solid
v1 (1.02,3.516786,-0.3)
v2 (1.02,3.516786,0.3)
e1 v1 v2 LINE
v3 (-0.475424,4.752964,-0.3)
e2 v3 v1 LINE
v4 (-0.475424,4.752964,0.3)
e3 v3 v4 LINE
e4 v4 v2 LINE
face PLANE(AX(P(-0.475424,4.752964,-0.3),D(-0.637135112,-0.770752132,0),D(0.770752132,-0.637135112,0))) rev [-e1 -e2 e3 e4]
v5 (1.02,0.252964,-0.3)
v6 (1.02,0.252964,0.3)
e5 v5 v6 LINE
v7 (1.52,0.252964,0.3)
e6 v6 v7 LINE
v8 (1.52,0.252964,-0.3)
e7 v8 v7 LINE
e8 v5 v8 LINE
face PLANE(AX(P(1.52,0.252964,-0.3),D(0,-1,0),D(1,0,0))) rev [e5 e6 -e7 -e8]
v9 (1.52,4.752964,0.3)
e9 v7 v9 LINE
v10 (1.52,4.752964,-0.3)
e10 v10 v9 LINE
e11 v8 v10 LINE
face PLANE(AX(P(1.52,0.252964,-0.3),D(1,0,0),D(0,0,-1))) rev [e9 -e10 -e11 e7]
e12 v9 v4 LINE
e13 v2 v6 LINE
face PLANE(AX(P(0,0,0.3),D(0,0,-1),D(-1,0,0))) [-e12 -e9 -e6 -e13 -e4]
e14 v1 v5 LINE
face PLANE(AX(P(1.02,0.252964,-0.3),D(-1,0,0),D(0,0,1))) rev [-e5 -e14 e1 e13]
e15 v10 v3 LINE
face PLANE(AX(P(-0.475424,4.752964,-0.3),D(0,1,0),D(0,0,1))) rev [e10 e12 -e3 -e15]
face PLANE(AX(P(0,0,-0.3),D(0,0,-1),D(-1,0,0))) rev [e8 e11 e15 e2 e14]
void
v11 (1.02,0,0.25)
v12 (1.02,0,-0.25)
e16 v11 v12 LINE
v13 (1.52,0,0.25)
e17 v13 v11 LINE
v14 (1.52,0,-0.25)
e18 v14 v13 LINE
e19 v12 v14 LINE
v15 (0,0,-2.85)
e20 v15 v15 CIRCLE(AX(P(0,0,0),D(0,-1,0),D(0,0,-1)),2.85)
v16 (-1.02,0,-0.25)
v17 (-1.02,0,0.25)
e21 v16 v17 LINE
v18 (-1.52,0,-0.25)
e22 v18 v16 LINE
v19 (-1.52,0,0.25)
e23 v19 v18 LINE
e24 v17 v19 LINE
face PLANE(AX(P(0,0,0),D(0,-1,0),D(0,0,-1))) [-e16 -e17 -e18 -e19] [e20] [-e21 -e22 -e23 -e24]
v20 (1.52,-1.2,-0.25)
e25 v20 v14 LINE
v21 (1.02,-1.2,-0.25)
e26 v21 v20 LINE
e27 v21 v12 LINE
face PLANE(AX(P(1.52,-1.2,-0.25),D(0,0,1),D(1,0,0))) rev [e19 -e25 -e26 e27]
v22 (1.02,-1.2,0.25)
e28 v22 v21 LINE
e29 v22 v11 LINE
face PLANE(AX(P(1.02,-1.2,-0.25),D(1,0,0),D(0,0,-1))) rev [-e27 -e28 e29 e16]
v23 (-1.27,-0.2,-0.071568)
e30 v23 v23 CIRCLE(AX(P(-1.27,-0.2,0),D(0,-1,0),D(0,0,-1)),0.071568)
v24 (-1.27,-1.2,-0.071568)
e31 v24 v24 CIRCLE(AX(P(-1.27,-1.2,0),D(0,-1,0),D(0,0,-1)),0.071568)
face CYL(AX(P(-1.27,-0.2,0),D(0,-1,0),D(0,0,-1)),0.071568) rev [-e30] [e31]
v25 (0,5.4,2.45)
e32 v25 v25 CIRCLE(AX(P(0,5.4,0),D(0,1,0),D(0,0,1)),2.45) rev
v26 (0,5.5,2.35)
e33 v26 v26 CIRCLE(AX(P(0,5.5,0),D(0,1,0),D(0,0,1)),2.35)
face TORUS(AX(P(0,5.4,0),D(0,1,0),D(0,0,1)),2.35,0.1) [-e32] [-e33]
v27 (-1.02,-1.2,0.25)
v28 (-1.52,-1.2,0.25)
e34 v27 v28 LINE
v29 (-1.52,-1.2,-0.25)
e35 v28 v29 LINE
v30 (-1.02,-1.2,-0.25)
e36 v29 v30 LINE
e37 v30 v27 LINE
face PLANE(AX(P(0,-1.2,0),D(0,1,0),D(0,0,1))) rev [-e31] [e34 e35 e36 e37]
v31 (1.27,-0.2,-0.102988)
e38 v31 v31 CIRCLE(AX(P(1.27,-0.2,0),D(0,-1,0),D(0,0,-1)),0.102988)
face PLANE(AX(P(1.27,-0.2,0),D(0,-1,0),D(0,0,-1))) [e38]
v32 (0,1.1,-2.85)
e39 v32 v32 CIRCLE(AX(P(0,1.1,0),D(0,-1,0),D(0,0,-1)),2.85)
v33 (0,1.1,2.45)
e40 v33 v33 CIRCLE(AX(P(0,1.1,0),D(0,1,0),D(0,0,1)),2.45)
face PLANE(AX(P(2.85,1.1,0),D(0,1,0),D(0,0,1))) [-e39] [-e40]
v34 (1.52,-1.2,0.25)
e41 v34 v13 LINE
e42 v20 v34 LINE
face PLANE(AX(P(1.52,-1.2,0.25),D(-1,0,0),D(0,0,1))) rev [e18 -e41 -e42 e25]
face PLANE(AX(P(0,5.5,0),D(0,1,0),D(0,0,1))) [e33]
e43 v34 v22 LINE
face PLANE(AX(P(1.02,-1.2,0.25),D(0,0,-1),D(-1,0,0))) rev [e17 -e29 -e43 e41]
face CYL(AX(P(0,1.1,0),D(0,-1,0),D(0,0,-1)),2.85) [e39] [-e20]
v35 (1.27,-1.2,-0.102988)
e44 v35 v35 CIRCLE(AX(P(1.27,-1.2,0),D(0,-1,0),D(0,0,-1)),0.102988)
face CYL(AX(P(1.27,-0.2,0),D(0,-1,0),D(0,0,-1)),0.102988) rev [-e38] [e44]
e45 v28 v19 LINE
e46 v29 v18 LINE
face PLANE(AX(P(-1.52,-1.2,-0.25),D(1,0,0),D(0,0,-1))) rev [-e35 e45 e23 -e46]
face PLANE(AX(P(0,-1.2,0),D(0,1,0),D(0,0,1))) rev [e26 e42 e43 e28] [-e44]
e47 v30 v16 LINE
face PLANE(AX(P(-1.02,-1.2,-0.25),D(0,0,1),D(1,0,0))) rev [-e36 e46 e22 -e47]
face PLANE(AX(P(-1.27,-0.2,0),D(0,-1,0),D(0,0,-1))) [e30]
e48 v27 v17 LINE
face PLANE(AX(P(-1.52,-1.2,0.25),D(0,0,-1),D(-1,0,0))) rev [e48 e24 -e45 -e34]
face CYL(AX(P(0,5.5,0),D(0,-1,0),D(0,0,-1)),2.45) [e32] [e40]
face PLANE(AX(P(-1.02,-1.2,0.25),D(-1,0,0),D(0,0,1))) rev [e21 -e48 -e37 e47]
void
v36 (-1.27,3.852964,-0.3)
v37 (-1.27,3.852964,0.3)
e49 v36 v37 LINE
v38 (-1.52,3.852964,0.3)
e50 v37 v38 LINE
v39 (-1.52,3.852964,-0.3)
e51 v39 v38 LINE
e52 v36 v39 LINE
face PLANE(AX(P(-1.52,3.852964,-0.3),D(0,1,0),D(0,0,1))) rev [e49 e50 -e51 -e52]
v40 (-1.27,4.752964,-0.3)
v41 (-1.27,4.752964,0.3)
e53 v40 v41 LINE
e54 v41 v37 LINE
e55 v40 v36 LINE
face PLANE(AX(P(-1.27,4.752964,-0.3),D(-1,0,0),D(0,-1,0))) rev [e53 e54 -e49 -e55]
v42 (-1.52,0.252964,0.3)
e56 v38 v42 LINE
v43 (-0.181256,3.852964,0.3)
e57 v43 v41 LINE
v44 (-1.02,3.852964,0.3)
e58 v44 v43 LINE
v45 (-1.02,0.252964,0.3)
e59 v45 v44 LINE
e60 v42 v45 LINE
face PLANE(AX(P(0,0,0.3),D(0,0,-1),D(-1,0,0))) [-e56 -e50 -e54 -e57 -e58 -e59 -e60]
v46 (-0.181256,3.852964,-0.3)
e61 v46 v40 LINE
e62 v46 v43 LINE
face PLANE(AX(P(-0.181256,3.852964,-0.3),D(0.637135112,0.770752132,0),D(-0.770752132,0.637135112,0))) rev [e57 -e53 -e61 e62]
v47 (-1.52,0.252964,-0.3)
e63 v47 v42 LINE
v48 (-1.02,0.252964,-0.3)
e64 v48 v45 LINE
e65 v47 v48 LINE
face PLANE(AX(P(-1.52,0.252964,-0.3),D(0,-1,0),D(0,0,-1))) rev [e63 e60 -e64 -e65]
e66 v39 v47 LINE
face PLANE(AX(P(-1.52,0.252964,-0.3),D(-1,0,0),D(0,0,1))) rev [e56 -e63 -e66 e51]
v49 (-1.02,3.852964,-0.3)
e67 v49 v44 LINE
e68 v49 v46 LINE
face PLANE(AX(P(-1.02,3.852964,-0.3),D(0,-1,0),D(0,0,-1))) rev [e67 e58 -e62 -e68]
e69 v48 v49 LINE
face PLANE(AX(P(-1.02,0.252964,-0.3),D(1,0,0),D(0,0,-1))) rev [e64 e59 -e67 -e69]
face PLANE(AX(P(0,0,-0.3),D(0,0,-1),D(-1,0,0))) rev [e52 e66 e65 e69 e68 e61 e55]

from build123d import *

# Parameters (mm, degrees)
SKETCH_1_W          = 2.85
SKETCH_1_H          = 1.1
SKETCH_2_W          = 0.5
SKETCH_2_H          = 0.5
EXTRUDE_1_DEPTH     = 1.2
SKETCH_3_W          = 0.5
SKETCH_3_H          = 0.5
EXTRUDE_2_DEPTH     = 1.2
SKETCH_4_R          = 2.45
EXTRUDE_3_DEPTH     = 4.4
FILLET_1_R          = 0.1
CUT_EXTRUDE_1_DEPTH = 0.3
SKETCH_7_R          = 0.071568043
SKETCH_7_R_2        = 0.102987613
CUT_EXTRUDE_2_DEPTH = 1


with BuildPart() as part:
    # 草图1 → 旋转1 (revolve)
    with BuildSketch(Plane.XY, mode=Mode.PRIVATE) as revolve_1_sk:
        with Locations((1.425, 0.55)):
            Rectangle(SKETCH_1_W, SKETCH_1_H)
    revolve(revolve_1_sk.sketch.rotate(Axis((0, 1.1, 0), (0, -1, 0)), 270), axis=Axis((0, 1.1, 0), (0, -1, 0)))

    # 草图2 → 凸台-拉伸1 (add)
    with BuildSketch(Plane.XZ):
        with Locations((1.27, 0)):
            Rectangle(SKETCH_2_W, SKETCH_2_H)
    extrude(amount=EXTRUDE_1_DEPTH)

    # 草图3 → 凸台-拉伸2 (add)
    with BuildSketch(Plane.XZ):
        with Locations((-1.27, 0)):
            Rectangle(SKETCH_3_W, SKETCH_3_H)
    extrude(amount=EXTRUDE_2_DEPTH)

    # 草图4 → 凸台-拉伸3 (add)
    with BuildSketch(Plane(origin=(0, 1.1, 0), x_dir=(-1, 0, 0), z_dir=(0, 1, 0))):
        with Locations(Location((0, 0, 0), (0, 0, 90))):
            Circle(SKETCH_4_R)
    extrude(amount=EXTRUDE_3_DEPTH)

    # 圆角1
    fillet_1_edges = [part.edges().sort_by_distance(p)[0] for p in [
        (0, 5.5, -2.45),
    ]]
    fillet(fillet_1_edges, radius=FILLET_1_R)

    # 草图6 → 切除-拉伸1 (cut, symmetric)
    with BuildSketch(Plane.XY):
        Polygon((-1.02, 3.852964397), (-0.181256176, 3.852964397), (-1.27, 4.752964397), (-1.27, 3.852964397), (-1.52, 3.852964397), (-1.52, 0.252964397), (-1.02, 0.252964397), align=None)
        Polygon((1.52, 0.252964397), (1.02, 0.252964397), (1.02, 3.516785867), (-0.475424156, 4.752964397), (1.52, 4.752964397), align=None)
    extrude(amount=CUT_EXTRUDE_1_DEPTH, both=True, mode=Mode.SUBTRACT)

    # 草图7 → 切除-拉伸2 (cut)
    with BuildSketch(Plane.XZ.offset(1.2)):
        with Locations(Location((-1.27, 0, 0), (0, 0, 270))):
            Circle(SKETCH_7_R)
        with Locations(Location((1.27, 0, 0), (0, 0, 270))):
            Circle(SKETCH_7_R_2)
    extrude(amount=-CUT_EXTRUDE_2_DEPTH, mode=Mode.SUBTRACT)


solid = part.part
